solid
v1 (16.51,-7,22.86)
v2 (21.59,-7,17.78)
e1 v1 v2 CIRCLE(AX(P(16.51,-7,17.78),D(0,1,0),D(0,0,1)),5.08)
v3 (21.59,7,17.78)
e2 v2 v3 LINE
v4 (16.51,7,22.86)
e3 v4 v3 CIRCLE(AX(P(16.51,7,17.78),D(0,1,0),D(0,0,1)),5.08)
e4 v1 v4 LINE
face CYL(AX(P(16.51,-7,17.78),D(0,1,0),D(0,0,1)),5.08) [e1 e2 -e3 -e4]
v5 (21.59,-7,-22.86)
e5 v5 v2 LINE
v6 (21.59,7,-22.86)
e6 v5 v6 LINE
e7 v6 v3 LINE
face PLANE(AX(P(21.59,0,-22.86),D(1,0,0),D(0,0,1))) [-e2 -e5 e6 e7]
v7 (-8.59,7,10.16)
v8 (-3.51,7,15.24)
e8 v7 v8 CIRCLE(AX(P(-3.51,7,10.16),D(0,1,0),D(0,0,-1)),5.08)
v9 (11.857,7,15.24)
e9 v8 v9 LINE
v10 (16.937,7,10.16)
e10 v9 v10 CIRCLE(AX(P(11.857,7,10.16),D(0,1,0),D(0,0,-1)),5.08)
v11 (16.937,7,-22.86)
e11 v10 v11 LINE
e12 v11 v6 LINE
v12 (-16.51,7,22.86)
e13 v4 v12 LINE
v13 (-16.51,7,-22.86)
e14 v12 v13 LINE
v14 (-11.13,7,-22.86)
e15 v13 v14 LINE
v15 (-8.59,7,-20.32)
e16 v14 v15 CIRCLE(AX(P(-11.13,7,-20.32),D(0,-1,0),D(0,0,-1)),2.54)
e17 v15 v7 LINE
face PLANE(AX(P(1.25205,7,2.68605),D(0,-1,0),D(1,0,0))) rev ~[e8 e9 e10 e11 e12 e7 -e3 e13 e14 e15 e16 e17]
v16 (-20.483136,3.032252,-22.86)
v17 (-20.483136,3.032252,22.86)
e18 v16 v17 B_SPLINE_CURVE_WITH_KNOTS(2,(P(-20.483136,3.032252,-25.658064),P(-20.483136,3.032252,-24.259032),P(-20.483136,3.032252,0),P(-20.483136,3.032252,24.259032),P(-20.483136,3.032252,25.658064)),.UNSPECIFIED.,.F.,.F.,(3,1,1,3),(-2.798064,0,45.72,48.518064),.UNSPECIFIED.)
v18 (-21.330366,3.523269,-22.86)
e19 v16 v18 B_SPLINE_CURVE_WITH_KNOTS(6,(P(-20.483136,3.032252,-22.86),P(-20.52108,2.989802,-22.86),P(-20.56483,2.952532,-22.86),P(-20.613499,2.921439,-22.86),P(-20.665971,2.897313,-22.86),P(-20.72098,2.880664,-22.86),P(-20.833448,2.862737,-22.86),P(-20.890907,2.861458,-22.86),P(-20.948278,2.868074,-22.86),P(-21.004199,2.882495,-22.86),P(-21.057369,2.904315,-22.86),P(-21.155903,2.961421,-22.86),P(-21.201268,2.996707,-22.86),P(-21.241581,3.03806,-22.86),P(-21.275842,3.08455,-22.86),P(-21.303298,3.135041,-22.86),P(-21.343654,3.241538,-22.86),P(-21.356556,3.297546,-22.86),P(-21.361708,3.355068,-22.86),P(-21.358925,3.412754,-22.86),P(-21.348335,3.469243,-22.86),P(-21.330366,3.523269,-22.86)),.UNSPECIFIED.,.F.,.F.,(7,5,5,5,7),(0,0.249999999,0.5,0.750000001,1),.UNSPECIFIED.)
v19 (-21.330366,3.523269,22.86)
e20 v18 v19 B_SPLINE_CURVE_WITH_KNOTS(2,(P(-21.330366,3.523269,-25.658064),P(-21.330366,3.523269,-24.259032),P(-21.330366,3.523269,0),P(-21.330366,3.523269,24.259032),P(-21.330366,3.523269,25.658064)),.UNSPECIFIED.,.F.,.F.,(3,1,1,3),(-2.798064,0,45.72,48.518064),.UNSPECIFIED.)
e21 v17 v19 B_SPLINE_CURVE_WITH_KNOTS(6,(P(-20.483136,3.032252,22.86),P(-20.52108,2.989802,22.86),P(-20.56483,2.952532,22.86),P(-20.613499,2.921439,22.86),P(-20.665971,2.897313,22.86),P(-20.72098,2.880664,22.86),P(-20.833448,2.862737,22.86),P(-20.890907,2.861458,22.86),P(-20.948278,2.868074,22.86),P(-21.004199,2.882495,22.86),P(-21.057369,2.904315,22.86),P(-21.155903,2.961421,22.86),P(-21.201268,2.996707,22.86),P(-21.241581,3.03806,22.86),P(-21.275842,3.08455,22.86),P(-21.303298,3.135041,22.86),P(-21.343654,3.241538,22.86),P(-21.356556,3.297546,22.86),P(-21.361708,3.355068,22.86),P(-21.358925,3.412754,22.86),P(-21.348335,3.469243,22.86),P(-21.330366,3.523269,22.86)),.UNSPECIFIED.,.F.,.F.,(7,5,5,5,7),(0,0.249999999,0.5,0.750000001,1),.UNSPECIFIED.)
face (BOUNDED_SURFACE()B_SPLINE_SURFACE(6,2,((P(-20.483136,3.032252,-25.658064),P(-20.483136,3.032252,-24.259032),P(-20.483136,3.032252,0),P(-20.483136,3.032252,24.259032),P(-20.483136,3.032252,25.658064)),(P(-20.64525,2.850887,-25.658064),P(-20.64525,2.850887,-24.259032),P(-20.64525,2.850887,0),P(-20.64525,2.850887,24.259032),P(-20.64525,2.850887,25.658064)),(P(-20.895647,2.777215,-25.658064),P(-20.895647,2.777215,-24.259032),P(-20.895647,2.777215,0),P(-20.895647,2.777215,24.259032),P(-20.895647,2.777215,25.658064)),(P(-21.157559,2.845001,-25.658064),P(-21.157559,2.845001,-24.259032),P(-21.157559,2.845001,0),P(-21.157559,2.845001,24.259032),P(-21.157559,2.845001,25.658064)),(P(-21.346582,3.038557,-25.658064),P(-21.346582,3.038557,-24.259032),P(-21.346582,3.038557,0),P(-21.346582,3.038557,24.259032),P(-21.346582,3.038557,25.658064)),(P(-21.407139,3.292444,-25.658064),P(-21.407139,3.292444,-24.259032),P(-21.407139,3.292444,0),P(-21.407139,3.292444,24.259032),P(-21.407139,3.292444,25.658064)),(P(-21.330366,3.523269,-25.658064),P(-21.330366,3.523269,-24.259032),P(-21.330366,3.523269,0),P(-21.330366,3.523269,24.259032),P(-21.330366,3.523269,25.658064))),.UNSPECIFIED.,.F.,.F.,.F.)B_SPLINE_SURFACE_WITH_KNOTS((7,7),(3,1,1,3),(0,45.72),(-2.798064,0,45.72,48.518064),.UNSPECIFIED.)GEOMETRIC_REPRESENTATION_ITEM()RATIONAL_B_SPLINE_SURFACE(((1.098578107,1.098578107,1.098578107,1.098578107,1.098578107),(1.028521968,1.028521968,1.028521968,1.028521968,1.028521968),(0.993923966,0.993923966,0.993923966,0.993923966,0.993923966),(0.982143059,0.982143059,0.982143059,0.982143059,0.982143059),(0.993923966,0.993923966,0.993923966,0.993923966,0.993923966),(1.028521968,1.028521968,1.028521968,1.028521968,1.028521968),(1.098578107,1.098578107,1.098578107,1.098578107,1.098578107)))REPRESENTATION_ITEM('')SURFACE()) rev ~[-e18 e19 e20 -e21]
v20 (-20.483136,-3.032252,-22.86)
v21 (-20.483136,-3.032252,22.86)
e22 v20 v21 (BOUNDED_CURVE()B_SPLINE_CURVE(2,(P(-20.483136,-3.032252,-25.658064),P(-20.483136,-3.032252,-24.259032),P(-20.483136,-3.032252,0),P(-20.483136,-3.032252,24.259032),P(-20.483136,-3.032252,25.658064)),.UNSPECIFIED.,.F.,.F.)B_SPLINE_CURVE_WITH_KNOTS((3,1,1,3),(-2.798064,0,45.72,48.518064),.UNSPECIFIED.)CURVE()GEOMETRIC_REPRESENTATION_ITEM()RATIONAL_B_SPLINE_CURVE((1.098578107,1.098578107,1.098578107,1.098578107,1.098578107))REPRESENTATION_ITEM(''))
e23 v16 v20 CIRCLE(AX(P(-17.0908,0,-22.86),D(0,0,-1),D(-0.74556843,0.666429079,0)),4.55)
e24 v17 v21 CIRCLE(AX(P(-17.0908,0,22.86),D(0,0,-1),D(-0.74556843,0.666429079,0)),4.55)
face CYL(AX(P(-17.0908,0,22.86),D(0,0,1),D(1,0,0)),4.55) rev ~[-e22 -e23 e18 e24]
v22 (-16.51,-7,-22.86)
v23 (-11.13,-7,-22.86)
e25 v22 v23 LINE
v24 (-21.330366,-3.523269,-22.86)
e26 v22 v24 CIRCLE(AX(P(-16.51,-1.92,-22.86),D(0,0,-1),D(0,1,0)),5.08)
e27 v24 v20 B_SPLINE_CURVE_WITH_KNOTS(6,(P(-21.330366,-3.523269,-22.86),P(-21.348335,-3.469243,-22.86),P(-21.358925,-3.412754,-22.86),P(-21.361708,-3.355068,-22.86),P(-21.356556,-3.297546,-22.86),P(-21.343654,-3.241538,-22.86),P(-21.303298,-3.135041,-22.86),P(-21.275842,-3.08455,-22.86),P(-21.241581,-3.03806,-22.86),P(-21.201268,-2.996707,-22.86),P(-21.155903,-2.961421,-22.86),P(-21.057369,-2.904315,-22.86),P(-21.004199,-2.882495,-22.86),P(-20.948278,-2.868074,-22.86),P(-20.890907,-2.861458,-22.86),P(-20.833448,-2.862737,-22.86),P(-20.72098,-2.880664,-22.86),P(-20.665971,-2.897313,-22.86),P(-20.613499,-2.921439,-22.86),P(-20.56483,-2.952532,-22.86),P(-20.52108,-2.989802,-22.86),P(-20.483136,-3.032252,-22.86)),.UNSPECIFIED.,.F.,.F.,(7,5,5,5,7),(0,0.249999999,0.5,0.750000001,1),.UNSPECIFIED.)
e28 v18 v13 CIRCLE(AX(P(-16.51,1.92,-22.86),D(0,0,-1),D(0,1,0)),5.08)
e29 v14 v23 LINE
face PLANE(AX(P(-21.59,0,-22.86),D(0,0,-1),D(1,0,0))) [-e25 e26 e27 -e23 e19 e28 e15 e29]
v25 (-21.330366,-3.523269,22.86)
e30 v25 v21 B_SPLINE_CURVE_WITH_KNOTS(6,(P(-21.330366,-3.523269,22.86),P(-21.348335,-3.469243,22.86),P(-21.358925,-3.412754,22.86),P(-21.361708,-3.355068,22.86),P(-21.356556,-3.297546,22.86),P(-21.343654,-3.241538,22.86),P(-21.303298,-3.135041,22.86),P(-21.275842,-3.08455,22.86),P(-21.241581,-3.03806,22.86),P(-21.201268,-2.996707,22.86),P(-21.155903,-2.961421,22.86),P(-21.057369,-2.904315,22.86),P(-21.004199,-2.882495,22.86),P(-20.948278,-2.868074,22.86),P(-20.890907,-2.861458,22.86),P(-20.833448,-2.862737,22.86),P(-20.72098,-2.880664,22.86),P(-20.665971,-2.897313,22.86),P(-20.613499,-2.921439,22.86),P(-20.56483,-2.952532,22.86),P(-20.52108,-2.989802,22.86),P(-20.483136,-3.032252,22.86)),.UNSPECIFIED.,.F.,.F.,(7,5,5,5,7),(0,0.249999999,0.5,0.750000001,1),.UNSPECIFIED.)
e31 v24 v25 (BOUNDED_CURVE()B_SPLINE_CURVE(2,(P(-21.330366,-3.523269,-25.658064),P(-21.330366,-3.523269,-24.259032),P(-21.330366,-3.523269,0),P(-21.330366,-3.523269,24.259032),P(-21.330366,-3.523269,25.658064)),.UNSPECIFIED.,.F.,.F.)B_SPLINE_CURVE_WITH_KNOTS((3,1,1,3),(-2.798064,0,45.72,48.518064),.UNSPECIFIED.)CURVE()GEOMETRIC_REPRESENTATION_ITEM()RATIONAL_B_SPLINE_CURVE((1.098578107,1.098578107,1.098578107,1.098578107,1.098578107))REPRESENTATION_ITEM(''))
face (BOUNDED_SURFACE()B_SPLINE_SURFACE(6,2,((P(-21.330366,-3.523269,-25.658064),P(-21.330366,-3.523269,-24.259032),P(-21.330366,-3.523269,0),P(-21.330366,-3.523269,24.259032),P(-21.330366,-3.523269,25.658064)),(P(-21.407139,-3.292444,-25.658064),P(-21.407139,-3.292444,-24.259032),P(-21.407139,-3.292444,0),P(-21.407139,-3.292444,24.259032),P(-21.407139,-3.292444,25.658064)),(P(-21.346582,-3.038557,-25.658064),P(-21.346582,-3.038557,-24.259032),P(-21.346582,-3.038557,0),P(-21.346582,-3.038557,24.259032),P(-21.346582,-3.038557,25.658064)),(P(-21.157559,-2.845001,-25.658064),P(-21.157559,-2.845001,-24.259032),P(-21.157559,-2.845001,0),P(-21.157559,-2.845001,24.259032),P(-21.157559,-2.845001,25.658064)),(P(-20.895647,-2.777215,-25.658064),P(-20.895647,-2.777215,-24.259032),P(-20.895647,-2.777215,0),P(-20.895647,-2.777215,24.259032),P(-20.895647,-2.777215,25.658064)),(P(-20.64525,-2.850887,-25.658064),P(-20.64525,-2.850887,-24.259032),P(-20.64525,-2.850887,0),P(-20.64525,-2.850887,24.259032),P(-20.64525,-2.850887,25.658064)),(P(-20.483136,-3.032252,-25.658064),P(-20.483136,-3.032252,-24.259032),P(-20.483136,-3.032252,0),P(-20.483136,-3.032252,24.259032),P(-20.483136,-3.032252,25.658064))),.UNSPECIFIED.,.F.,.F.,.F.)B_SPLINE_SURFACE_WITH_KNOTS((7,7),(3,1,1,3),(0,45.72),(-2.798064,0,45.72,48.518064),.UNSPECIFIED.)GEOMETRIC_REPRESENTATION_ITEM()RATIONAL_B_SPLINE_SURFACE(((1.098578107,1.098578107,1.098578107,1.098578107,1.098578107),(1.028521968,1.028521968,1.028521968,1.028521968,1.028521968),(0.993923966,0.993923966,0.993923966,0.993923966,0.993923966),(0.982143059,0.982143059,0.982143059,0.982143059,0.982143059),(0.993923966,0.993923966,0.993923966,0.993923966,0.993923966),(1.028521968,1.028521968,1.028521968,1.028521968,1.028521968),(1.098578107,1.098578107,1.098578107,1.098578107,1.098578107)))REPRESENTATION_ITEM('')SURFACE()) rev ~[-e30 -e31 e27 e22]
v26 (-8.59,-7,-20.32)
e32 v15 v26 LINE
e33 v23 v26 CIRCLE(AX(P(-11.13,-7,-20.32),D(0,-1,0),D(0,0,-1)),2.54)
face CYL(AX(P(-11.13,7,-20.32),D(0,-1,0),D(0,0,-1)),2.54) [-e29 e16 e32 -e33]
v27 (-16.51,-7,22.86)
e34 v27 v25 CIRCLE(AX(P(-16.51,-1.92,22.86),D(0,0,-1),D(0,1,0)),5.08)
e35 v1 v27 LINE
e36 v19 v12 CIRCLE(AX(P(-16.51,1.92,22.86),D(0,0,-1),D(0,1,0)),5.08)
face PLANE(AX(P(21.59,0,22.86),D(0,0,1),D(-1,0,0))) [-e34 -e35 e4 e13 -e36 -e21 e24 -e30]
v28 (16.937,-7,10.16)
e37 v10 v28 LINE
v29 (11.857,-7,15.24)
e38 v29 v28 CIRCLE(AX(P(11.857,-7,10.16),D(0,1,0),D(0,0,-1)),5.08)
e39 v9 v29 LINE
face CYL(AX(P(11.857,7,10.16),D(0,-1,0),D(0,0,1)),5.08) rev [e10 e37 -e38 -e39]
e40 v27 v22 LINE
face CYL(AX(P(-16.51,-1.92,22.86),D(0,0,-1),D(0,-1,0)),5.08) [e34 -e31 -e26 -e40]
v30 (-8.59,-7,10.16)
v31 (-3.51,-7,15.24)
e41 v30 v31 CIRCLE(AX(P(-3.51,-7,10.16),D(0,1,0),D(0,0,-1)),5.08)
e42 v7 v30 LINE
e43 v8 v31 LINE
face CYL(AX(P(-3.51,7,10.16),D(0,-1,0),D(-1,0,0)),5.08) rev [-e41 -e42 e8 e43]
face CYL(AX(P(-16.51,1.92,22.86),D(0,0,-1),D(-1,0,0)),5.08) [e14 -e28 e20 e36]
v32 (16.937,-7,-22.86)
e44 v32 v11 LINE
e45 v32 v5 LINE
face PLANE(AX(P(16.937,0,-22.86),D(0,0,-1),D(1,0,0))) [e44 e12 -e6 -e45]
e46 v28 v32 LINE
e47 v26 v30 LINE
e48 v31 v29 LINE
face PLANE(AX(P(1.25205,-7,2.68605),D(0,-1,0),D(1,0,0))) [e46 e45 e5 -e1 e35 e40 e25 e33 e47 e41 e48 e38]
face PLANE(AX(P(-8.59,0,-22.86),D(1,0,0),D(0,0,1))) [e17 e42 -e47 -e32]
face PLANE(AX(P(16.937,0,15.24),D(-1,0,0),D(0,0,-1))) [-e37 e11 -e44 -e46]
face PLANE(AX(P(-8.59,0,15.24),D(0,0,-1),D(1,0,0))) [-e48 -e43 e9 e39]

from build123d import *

# Parameters (mm, degrees)
F1_DEPTH = 7
F2_R     = 4.55
F3_DEPTH = 45.721
F4_R     = 5.08
F5_R     = 0.5
F6_R     = 5.08
F7_R     = 2.54


with BuildPart() as f1:
    # F0 (on Front) → F1 (new body, symmetric)
    with BuildSketch(Plane.XZ):
        Polygon((21.59, 22.86), (-21.59, 22.86), (-21.59, -22.86), (-8.59, -22.86), (-8.59, 15.24), (16.937, 15.24), (16.937, -22.86), (21.59, -22.86), align=None)
    extrude(amount=F1_DEPTH, both=True)

    # F2 (on face) → F3 (cut, through all)
    with BuildSketch(Plane.XY.offset(22.86)):
        with Locations((-17.0908, 0)):
            Circle(F2_R)
    extrude(amount=-F3_DEPTH, mode=Mode.SUBTRACT)

    # F4
    f4_edges = [f1.edges().sort_by_distance(p)[0] for p in [
        (-8.59, 0, 15.24),
        (16.937, 0, 15.24),
        (-21.59, -7, 0),
        (-21.59, 7, 0),
    ]]
    fillet(f4_edges, radius=F4_R)

    # F5
    f5_edges = [f1.edges().sort_by_distance(p)[0] for p in [
        (-21.59, -0.678011, 0),
        (-21.59, 0.678011, 0),
    ]]
    fillet(f5_edges, radius=F5_R)

    # F6
    f6_edges = [f1.edges().sort_by_distance(p)[0] for p in [
        (21.59, 0, 22.86),
    ]]
    fillet(f6_edges, radius=F6_R)

    # F7
    f7_edges = [f1.edges().sort_by_distance(p)[0] for p in [
        (-8.59, 0, -22.86),
    ]]
    fillet(f7_edges, radius=F7_R)


solid = f1.part
